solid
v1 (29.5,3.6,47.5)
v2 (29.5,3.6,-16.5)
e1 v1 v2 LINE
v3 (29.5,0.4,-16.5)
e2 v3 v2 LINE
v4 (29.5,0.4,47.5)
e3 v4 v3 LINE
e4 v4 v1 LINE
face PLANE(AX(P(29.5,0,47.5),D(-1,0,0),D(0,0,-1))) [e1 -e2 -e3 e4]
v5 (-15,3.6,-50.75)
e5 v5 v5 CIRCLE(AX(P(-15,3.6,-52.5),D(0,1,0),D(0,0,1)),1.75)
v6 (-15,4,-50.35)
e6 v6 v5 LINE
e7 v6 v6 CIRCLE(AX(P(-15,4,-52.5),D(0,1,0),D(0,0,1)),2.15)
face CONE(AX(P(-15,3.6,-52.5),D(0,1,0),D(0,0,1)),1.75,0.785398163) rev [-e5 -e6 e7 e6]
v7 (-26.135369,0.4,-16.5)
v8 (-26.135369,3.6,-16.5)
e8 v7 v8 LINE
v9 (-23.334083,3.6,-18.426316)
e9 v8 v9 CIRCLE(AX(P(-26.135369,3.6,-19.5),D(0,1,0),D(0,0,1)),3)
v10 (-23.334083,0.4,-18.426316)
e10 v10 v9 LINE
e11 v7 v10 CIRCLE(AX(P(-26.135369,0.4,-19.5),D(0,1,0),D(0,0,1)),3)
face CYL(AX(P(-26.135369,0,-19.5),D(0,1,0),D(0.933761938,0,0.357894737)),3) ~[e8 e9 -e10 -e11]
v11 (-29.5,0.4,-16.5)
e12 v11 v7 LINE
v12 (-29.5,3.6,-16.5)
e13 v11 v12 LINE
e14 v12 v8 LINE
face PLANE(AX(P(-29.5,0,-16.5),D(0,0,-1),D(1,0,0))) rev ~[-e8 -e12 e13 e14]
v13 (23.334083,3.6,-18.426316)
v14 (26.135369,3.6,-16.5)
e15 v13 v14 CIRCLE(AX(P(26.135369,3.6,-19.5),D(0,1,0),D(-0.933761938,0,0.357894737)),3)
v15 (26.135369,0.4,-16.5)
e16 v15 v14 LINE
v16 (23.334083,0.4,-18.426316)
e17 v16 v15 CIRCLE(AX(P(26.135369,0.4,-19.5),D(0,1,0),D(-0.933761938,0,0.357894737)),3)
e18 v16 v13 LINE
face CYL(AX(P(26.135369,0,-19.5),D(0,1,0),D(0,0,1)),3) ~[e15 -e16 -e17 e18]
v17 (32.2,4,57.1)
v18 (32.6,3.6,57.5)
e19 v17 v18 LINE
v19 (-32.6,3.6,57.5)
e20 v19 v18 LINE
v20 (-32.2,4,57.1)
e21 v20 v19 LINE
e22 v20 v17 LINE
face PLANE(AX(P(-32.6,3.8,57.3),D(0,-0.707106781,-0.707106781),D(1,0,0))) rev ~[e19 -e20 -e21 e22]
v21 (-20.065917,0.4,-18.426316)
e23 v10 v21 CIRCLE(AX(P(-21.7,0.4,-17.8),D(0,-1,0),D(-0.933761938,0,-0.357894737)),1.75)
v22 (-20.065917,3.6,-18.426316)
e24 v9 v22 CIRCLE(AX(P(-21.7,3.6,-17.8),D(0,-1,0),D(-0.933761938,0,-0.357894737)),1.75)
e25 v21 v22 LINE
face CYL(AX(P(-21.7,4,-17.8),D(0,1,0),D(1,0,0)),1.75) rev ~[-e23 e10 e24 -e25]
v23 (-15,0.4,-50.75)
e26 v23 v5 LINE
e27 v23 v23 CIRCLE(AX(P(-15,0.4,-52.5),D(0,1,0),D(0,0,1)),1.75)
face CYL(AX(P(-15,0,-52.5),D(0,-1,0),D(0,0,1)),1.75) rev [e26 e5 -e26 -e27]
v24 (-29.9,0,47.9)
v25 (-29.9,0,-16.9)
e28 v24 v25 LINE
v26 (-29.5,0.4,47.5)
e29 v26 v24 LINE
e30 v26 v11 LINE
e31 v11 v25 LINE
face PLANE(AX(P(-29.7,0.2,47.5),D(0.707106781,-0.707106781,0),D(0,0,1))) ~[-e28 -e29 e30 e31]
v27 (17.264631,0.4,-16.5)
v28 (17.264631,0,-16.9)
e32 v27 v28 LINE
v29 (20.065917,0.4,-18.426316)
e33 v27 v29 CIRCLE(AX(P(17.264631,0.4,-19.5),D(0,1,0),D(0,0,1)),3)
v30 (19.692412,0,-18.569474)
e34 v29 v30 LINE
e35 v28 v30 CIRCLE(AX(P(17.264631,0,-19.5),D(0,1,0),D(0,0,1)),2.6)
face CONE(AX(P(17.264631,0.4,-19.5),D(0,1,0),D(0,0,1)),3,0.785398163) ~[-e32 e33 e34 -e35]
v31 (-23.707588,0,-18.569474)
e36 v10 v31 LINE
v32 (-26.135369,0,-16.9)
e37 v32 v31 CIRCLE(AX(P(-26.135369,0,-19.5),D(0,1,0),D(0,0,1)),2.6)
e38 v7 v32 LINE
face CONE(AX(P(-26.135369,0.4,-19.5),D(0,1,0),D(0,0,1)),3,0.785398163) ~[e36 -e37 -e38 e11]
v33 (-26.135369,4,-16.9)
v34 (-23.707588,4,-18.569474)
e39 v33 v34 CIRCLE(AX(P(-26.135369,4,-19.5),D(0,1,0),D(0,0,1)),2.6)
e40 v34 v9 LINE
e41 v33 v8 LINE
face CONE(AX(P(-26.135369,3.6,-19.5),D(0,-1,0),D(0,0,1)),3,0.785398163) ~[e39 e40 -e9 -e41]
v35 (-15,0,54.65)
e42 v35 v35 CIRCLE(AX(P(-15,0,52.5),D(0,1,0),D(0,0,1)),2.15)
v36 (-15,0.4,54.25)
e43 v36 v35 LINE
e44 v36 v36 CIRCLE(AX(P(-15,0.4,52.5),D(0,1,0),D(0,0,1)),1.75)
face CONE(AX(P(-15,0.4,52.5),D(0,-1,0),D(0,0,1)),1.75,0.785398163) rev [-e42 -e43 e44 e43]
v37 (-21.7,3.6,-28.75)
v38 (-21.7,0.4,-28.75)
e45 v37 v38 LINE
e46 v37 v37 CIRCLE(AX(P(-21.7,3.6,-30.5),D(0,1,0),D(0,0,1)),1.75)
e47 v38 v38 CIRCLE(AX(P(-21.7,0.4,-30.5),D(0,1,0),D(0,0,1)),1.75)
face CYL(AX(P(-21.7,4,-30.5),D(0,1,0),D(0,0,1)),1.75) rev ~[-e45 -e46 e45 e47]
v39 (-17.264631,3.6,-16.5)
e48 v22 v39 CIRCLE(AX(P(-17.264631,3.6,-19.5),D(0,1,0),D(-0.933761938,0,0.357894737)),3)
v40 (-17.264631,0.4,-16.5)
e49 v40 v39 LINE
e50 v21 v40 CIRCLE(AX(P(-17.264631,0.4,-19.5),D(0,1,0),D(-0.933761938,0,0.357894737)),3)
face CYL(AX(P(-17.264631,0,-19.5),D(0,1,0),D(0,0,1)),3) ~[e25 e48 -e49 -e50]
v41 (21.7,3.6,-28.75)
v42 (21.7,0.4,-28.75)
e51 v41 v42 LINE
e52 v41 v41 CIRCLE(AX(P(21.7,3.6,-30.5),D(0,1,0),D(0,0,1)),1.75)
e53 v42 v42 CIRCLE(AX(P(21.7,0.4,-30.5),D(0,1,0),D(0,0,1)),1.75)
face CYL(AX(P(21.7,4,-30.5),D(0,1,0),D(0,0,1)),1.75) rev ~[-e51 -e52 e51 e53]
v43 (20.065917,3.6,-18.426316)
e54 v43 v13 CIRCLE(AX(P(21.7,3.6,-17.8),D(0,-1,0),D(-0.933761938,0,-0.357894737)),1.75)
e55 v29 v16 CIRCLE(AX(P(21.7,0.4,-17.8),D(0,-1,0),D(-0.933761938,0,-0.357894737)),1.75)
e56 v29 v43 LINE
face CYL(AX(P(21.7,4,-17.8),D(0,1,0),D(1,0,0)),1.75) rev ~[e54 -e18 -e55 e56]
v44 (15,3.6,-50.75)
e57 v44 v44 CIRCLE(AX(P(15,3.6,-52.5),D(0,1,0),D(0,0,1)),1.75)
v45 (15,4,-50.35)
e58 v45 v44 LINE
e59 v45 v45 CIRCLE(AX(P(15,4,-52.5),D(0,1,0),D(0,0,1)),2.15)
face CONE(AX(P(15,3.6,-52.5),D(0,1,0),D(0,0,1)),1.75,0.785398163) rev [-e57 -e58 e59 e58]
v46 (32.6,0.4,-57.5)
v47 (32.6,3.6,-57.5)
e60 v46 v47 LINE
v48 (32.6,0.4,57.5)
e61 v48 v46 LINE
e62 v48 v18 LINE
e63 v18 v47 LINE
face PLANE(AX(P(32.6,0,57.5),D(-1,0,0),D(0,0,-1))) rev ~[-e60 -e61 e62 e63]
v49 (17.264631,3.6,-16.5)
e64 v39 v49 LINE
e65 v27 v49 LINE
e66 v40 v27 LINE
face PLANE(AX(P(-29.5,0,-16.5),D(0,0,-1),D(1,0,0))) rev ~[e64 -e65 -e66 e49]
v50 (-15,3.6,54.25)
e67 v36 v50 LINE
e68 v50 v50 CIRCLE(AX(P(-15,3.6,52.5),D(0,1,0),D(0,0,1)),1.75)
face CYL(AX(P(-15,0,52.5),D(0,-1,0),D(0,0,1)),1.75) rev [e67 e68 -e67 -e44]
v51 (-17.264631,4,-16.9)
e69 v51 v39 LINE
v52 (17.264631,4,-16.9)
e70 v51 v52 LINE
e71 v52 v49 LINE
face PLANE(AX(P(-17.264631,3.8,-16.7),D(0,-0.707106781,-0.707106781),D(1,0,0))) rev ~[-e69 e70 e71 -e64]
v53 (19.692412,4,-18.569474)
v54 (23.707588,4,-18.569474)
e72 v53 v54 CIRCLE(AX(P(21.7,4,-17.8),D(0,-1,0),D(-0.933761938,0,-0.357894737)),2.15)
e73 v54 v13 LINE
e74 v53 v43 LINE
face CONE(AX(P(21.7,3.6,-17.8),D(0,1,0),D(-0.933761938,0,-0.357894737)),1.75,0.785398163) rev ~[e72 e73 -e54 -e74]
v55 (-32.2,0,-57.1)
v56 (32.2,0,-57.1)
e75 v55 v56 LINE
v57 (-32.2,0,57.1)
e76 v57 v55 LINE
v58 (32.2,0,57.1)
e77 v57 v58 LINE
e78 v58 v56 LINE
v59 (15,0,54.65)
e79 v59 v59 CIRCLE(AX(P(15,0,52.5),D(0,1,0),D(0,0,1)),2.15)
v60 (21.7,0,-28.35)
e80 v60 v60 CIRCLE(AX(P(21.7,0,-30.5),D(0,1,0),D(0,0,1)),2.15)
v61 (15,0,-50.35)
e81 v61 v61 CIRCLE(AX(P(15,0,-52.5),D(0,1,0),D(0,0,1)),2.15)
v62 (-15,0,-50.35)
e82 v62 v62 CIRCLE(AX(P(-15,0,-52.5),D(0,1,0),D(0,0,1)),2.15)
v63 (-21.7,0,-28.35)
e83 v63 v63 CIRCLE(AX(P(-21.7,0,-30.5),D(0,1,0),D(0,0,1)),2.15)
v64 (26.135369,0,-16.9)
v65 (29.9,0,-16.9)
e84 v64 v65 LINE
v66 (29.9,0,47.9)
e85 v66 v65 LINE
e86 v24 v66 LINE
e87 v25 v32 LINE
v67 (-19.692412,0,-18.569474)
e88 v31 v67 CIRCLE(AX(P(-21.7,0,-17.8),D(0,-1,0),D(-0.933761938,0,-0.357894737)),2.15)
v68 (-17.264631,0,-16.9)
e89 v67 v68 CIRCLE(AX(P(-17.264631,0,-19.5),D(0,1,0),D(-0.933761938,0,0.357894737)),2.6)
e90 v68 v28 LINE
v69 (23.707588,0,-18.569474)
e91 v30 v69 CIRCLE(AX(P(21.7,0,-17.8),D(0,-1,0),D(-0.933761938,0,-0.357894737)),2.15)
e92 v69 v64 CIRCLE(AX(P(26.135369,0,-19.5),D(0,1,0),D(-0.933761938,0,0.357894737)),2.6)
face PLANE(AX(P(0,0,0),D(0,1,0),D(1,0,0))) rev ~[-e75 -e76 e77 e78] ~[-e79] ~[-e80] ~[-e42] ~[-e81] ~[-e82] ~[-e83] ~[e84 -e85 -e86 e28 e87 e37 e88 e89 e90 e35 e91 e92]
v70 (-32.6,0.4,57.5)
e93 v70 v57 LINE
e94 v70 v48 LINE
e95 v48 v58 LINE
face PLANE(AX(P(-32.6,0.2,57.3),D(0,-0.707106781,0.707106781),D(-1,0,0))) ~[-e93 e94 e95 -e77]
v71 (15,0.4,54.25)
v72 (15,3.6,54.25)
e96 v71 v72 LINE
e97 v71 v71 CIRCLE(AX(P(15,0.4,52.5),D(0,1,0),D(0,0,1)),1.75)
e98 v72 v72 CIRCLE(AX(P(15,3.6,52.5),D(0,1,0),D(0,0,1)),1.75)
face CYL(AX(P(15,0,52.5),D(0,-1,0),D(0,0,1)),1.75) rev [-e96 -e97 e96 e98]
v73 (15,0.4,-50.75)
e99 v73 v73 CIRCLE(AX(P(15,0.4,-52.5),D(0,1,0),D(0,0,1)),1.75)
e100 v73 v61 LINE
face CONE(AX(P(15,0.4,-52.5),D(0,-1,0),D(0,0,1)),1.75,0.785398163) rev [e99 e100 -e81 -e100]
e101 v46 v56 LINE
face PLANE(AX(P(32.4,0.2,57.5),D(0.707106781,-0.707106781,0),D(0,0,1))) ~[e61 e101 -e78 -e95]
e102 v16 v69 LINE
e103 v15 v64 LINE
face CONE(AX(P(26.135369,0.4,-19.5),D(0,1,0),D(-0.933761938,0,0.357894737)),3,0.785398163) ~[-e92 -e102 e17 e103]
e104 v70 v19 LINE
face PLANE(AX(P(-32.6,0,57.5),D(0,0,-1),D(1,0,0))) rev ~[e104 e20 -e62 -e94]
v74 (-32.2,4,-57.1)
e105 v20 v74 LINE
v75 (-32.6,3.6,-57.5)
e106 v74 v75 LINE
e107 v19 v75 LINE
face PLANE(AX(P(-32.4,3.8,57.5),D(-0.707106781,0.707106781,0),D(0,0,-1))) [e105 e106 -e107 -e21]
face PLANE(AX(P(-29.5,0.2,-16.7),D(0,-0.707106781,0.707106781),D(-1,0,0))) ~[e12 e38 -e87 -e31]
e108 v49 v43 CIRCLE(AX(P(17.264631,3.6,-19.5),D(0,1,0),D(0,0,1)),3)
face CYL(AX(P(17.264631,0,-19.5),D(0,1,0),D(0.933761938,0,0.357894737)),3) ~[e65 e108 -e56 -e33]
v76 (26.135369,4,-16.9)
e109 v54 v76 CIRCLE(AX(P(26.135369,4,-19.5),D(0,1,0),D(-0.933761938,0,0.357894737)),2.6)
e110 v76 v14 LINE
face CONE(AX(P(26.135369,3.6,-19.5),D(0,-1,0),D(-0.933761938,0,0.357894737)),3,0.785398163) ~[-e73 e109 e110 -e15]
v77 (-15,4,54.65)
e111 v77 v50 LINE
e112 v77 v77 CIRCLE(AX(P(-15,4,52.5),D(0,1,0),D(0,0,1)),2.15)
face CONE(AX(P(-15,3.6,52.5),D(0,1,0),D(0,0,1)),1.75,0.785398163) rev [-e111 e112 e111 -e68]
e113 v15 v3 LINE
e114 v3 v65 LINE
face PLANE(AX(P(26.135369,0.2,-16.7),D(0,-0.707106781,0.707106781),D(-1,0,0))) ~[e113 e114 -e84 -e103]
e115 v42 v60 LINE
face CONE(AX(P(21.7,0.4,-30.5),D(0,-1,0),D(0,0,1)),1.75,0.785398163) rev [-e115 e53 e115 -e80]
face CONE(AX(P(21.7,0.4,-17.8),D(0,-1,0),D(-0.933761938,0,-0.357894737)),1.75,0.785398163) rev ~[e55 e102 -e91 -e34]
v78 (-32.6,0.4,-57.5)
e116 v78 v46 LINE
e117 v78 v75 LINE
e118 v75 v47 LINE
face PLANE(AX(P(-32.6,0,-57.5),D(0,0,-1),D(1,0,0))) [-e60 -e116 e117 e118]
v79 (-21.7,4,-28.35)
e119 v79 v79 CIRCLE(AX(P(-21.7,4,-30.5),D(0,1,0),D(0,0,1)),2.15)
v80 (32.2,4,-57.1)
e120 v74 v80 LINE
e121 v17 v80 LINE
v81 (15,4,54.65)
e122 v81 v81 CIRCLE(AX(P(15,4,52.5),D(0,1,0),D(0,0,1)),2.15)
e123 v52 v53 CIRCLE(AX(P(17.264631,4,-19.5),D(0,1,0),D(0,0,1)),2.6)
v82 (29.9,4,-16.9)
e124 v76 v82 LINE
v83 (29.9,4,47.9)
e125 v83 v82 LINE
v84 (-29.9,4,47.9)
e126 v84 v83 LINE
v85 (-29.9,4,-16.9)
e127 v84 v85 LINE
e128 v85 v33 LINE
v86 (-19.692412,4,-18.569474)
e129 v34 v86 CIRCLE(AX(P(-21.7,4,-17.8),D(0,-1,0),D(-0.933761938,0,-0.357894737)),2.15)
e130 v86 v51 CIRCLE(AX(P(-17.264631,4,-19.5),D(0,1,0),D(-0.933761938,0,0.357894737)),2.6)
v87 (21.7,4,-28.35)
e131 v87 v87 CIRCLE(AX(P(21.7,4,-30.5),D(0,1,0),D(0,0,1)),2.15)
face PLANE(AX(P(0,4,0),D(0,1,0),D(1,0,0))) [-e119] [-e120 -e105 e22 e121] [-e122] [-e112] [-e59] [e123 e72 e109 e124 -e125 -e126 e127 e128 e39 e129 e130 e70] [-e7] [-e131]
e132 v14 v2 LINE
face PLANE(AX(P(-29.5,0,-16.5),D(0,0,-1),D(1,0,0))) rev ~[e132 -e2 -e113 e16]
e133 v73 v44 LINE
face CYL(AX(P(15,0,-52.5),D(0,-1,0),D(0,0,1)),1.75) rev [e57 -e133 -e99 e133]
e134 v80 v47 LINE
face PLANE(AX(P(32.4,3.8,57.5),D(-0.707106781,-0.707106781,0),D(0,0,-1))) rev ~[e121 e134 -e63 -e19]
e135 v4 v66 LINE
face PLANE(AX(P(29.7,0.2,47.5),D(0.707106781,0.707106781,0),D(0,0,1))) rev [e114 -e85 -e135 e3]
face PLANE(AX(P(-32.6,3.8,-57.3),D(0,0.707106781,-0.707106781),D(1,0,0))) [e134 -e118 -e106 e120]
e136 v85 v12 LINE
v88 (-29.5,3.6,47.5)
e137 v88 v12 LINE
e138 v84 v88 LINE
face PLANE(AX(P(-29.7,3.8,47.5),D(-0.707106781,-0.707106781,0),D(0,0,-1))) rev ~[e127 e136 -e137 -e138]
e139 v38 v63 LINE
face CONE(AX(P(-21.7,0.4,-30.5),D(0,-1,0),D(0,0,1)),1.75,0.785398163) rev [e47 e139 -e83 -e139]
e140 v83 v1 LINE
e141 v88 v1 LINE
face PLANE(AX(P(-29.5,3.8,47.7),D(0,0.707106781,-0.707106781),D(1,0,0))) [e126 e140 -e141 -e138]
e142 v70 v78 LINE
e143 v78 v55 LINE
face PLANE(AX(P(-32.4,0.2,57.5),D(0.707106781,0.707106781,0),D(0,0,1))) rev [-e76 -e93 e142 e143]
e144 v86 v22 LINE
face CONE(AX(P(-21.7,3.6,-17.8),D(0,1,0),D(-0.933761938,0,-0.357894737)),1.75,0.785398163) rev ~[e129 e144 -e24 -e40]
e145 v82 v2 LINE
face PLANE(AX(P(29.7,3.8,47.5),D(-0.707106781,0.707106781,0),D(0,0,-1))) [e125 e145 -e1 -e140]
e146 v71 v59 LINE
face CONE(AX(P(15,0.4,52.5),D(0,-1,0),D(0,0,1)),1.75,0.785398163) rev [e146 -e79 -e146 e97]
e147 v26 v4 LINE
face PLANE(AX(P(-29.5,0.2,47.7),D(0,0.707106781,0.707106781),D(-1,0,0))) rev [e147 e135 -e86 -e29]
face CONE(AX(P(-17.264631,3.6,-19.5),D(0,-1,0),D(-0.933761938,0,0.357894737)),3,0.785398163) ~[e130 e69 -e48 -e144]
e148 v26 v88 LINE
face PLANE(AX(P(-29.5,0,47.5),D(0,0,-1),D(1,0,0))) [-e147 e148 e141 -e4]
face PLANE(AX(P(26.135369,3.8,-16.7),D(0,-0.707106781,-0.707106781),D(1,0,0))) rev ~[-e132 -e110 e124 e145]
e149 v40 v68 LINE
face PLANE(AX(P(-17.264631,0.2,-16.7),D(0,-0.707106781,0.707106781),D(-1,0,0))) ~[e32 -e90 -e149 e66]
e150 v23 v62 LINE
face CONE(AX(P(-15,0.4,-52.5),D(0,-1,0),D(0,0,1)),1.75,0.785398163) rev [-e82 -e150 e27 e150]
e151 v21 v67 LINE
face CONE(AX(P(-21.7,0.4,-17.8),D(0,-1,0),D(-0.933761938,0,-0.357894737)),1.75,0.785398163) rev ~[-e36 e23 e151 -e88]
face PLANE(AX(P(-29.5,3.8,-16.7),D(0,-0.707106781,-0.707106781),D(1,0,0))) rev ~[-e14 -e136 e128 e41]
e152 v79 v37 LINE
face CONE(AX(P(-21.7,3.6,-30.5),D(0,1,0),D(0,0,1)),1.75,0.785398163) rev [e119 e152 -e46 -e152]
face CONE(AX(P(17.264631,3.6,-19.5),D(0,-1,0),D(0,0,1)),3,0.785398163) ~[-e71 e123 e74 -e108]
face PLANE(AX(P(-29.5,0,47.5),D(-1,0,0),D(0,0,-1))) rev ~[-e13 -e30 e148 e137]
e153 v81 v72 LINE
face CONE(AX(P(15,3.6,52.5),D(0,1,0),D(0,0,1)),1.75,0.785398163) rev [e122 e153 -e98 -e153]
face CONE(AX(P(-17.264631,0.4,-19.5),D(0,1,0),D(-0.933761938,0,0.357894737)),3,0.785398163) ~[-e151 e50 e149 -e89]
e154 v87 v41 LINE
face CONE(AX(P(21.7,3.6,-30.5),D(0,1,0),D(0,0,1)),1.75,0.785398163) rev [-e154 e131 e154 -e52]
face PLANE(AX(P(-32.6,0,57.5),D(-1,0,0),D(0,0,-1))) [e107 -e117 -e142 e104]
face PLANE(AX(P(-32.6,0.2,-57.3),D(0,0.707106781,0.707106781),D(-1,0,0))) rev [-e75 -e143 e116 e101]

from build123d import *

# Parameters (mm, degrees)
SKETCH1_W           = 65.2
SKETCH1_H           = 115
SKETCH1_R           = 1.75
SKETCH1_W_2         = 59
SKETCH1_H_2         = 64
BOSS_EXTRUDE1_DEPTH = 4
SKETCH2_R           = 1.75
CUT_EXTRUDE1_DEPTH  = 67.219408031
FILLET1_R           = 3
CHAMFER1_SIZE       = 0.4


with BuildPart() as part:
    # Sketch1 → Boss-Extrude1 (new body)
    with BuildSketch(Plane(origin=(0, 0, 0), x_dir=(1, 0, 0), z_dir=(0, 1, 0))):
        Rectangle(SKETCH1_W, SKETCH1_H)
        with Locations(Location((-15, 52.5, 0), (0, 0, 270))):
            Circle(SKETCH1_R, mode=Mode.SUBTRACT)
        with Locations(Location((15, 52.5, 0), (0, 0, 270))):
            Circle(SKETCH1_R, mode=Mode.SUBTRACT)
        with Locations(Location((15, -52.5, 0), (0, 0, 270))):
            Circle(SKETCH1_R, mode=Mode.SUBTRACT)
        with Locations(Location((-15, -52.5, 0), (0, 0, 270))):
            Circle(SKETCH1_R, mode=Mode.SUBTRACT)
        with Locations((0, -15.5)):
            Rectangle(SKETCH1_W_2, SKETCH1_H_2, mode=Mode.SUBTRACT)
    extrude(amount=BOSS_EXTRUDE1_DEPTH)

    # Sketch2 → Cut-Extrude1 (cut, through all)
    with BuildSketch(Plane(origin=(0, 4, 0), x_dir=(1, 0, 0), z_dir=(0, 1, 0))):
        with Locations((-21.7, 17.8)):
            Circle(SKETCH2_R)
        with Locations((21.7, 17.8)):
            Circle(SKETCH2_R)
        with Locations(Location((21.7, 30.5, 0), (0, 0, 270))):
            Circle(SKETCH2_R)
        with Locations(Location((-21.7, 30.5, 0), (0, 0, 270))):
            Circle(SKETCH2_R)
    extrude(amount=-CUT_EXTRUDE1_DEPTH, mode=Mode.SUBTRACT)

    # Fillet1
    fillet1_edges = [part.edges().sort_by_distance(p)[0] for p in [
        (20.528462549, 2, -16.5),
        (22.871537451, 2, -16.5),
        (-22.871537451, 2, -16.5),
        (-20.528462549, 2, -16.5),
    ]]
    fillet(fillet1_edges, radius=FILLET1_R)

    # Chamfer1
    chamfer1_edges = [part.edges().sort_by_distance(p)[0] for p in [
        (32.6, 4, 0),
        (-29.5, 0, 15.5),
        (0, 0, 47.5),
        (29.5, 0, 15.5),
        (27.817684603, 0, -16.5),
        (-29.5, 4, 15.5),
        (0, 4, -57.5),
        (0, 4, 47.5),
        (29.5, 4, 15.5),
        (27.817684603, 4, -16.5),
        (-15, 0, -54.25),
        (-15, 4, -54.25),
        (15, 0, -54.25),
        (15, 4, -54.25),
        (15, 0, 50.75),
        (15, 4, 50.75),
        (-15, 0, 50.75),
        (-15, 4, 50.75),
        (-32.6, 4, 0),
        (0, 0, -57.5),
        (32.6, 0, 0),
        (0, 0, 57.5),
        (-32.6, 0, 0),
        (-21.7, 0, -32.25),
        (-21.7, 4, -32.25),
        (21.7, 0, -32.25),
        (21.7, 4, -32.25),
        (21.7, 4, -19.55),
        (21.7, 0, -19.55),
        (-21.7, 4, -19.55),
        (0, 4, -16.5),
        (-27.817684603, 4, -16.5),
        (-24.435524013, 4, -17.028052121),
        (-18.964475987, 4, -17.028052121),
        (18.964475987, 4, -17.028052121),
        (24.435524013, 4, -17.028052121),
        (0, 0, -16.5),
        (-21.7, 0, -19.55),
        (-27.817684603, 0, -16.5),
        (-24.435524013, 0, -17.028052121),
        (-18.964475987, 0, -17.028052121),
        (18.964475987, 0, -17.028052121),
        (24.435524013, 0, -17.028052121),
        (0, 4, 57.5),
    ]]
    chamfer(chamfer1_edges, length=CHAMFER1_SIZE)


solid = part.part
